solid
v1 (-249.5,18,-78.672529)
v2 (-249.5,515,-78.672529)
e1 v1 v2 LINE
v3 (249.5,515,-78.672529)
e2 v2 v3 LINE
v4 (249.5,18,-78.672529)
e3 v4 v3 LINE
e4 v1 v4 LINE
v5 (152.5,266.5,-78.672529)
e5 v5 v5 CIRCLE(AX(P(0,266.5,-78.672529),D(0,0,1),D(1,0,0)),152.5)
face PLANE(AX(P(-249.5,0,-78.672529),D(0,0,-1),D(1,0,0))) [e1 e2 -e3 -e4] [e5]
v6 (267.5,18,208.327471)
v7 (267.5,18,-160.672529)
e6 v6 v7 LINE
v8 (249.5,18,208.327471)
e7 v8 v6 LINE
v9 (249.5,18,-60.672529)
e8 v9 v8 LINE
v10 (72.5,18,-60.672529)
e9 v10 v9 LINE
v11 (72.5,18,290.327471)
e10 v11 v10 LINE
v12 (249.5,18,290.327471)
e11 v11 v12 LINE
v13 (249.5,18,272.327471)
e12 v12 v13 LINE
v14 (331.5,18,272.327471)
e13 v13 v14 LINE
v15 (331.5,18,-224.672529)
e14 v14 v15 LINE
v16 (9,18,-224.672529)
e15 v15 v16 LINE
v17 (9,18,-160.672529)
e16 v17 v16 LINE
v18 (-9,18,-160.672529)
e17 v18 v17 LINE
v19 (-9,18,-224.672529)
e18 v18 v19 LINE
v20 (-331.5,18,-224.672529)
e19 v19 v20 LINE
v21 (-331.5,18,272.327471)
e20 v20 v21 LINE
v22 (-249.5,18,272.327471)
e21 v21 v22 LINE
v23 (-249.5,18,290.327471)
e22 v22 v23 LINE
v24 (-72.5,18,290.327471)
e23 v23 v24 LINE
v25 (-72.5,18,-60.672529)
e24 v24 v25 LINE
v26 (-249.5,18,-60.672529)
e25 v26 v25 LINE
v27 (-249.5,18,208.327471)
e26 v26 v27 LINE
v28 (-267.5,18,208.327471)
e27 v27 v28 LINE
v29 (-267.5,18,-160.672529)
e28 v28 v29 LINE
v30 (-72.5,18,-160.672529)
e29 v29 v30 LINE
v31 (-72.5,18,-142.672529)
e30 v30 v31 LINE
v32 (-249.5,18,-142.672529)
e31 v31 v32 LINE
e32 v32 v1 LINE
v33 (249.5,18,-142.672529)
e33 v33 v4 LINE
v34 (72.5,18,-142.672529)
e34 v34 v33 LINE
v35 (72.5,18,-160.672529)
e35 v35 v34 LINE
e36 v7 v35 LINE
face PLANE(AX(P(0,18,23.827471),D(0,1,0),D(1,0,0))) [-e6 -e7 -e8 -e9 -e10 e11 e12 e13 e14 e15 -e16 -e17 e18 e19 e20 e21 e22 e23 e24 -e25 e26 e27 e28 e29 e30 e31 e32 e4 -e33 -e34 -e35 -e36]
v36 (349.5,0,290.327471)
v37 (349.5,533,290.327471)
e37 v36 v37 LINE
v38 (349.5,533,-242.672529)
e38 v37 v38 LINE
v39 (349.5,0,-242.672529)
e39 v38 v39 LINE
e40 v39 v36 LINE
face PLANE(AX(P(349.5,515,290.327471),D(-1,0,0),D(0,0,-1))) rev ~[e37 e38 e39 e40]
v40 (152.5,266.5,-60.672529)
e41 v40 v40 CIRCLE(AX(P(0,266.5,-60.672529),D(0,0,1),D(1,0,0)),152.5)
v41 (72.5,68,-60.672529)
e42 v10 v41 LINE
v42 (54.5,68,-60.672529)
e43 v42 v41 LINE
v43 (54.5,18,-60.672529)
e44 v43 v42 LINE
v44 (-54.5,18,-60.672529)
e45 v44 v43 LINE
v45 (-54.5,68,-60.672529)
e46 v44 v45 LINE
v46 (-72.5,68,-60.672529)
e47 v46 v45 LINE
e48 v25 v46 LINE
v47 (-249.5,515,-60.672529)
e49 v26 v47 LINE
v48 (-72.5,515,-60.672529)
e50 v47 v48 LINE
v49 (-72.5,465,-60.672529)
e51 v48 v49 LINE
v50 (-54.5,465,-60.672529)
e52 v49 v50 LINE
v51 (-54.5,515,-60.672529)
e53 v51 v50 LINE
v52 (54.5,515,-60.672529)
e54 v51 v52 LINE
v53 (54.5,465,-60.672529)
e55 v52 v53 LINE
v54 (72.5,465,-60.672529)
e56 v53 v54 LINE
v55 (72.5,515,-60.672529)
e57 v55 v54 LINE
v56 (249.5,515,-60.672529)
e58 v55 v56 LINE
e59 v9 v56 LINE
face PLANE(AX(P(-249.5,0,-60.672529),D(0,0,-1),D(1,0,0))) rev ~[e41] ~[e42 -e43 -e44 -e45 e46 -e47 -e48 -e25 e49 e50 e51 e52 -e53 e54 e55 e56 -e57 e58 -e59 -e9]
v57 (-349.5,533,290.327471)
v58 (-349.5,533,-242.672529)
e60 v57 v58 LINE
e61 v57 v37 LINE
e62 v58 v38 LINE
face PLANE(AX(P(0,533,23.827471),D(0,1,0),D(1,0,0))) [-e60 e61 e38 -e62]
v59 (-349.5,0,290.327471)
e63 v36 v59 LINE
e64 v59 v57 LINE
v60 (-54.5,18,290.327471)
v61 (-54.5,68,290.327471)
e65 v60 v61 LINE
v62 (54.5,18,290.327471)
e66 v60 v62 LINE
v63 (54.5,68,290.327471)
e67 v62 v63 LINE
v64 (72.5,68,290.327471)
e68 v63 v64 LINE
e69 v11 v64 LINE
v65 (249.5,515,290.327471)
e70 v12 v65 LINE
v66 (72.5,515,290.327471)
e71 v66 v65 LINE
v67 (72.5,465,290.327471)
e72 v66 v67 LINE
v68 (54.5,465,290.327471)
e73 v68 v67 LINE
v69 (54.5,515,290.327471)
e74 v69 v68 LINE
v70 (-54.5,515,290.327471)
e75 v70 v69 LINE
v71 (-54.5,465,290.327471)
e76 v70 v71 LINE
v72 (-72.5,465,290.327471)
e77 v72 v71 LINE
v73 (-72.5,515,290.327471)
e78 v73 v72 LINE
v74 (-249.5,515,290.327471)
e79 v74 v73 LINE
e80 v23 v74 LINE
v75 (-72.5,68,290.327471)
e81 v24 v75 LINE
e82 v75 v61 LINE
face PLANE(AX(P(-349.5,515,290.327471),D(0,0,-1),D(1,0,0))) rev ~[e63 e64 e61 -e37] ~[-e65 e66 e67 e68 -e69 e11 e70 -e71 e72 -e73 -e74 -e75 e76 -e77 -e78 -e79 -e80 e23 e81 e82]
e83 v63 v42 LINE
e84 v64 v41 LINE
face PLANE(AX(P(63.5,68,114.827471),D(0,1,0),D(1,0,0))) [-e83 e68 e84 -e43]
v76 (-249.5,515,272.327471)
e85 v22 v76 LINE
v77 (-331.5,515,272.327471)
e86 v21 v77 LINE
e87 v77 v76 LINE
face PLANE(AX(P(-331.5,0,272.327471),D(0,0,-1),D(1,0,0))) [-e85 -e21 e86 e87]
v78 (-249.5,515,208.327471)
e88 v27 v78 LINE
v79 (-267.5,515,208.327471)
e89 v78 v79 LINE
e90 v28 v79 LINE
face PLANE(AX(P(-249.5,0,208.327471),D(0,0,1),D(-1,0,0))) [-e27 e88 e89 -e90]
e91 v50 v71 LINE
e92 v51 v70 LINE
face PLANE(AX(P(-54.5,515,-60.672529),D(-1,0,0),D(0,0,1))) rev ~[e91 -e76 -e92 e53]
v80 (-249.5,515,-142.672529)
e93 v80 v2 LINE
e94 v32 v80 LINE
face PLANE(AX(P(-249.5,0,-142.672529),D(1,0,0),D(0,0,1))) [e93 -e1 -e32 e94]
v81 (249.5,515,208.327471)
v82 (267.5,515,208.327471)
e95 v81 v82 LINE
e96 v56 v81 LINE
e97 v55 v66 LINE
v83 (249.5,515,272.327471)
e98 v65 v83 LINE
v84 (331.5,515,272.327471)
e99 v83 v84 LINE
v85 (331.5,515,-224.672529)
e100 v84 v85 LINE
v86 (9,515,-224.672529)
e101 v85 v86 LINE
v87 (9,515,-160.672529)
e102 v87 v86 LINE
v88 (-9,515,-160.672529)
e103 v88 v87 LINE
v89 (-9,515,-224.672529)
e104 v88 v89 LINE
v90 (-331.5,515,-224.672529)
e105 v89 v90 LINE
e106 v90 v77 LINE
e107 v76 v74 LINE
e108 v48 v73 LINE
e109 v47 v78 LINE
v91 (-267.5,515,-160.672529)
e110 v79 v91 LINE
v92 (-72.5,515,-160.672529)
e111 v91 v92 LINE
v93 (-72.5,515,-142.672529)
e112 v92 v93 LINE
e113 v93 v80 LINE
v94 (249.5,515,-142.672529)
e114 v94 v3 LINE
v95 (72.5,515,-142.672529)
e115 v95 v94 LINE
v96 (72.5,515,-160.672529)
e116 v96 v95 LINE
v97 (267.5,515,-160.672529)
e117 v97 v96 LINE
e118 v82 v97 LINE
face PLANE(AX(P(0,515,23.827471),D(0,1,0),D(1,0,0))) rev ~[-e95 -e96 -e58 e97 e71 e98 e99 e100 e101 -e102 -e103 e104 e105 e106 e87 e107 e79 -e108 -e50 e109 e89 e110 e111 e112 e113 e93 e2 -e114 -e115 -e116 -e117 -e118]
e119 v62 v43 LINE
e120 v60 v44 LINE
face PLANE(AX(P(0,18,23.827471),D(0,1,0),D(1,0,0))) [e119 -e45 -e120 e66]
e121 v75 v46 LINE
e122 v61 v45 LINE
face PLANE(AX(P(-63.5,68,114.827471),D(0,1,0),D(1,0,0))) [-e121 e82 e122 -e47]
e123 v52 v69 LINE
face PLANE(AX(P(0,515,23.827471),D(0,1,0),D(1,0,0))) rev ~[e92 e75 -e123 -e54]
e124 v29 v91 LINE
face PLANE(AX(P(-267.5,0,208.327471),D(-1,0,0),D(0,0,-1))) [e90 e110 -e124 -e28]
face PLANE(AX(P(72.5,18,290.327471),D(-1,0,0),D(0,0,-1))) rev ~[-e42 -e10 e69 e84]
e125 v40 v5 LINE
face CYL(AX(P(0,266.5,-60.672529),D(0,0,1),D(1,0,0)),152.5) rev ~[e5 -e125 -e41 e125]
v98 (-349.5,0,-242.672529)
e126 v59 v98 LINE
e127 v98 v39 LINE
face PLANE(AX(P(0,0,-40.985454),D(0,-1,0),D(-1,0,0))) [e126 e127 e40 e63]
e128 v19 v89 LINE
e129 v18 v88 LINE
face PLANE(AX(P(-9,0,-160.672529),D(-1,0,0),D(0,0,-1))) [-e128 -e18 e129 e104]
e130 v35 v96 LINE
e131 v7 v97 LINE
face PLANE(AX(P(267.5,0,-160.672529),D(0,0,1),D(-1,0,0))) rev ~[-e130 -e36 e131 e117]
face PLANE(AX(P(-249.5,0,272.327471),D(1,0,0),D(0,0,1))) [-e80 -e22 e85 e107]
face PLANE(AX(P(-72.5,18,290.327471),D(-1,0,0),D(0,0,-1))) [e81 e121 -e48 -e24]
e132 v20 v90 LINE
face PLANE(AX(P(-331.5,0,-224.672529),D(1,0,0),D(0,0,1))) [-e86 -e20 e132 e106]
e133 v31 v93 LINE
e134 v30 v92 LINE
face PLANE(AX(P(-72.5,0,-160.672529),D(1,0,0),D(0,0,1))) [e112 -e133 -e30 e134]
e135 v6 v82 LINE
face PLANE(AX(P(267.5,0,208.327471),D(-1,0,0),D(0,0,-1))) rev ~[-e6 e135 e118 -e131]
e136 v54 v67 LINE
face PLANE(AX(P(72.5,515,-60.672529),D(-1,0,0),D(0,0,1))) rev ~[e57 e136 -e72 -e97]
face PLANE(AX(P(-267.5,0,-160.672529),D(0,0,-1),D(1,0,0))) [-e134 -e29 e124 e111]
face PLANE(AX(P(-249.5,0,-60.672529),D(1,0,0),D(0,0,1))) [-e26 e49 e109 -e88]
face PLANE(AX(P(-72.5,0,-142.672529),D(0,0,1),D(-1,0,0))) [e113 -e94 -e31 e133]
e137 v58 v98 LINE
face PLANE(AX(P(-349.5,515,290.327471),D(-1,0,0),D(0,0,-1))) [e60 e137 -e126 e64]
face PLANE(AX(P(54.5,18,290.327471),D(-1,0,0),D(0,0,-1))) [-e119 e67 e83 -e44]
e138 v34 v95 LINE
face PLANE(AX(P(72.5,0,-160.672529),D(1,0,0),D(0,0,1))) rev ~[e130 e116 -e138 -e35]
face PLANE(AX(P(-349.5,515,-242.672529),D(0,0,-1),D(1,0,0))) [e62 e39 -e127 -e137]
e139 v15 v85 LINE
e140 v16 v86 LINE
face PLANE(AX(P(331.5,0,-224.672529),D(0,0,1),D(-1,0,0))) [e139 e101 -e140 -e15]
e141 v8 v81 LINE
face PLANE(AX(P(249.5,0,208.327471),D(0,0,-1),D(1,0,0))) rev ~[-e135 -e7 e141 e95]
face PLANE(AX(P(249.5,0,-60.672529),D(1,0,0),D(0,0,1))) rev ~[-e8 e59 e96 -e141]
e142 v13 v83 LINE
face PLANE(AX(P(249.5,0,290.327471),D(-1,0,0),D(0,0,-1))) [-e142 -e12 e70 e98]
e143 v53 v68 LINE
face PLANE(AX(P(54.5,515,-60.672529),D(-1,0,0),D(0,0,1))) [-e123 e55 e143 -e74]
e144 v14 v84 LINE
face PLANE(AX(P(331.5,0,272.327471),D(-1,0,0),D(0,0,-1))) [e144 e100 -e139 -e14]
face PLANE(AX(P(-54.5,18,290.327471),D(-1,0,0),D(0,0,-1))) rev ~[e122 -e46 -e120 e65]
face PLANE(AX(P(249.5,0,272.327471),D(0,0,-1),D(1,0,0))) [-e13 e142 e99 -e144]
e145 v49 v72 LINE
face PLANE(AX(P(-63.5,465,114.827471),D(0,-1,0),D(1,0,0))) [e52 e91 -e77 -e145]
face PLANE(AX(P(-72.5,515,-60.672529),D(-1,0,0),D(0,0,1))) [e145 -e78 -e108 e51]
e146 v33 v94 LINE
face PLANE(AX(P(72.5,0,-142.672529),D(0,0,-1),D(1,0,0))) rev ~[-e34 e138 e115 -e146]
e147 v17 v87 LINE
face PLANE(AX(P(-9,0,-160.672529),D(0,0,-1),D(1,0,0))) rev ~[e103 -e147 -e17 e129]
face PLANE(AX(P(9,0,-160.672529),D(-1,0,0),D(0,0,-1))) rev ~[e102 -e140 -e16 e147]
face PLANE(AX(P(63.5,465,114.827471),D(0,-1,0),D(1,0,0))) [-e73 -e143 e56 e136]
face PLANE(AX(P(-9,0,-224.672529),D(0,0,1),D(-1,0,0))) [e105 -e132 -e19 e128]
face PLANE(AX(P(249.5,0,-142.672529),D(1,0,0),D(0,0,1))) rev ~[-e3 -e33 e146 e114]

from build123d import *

# Parameters (mm, degrees)
SKETCH1_W           = 499
SKETCH1_H           = 18
SKETCH1_W_2         = 18
SKETCH1_H_2         = 64
BOSS_EXTRUDE1_DEPTH = 515
SKETCH4_W           = 699
SKETCH4_H           = 533
BOSS_EXTRUDE2_DEPTH = 18
SKETCH5_W           = 699
SKETCH5_H           = 533
BOSS_EXTRUDE3_DEPTH = 18
SKETCH7_W           = 18
SKETCH7_H           = 351
BOSS_EXTRUDE4_DEPTH = 50
SKETCH8_W           = 18
SKETCH8_H           = 351
BOSS_EXTRUDE5_DEPTH = 50
SKETCH9_R           = 152.5
CUT_EXTRUDE1_DEPTH  = 50


with BuildPart() as part:
    # Sketch1 → Boss-Extrude1 (new body)
    with BuildSketch(Plane(origin=(0, 0, 0), x_dir=(1, 0, 0), z_dir=(0, 1, 0))):
        Polygon((249.5, -272.327471245), (331.5, -272.327471245), (331.5, 224.672528755), (-331.5, 224.672528755), (-331.5, -272.327471245), (-249.5, -272.327471245), (-249.5, -290.327471245), (-349.5, -290.327471245), (-349.5, 242.672528755), (349.5, 242.672528755), (349.5, -290.327471245), (249.5, -290.327471245), align=None)
        Polygon((249.5, -208.327471245), (267.5, -208.327471245), (267.5, 160.672528755), (72.5, 160.672528755), (72.5, 142.672528755), (249.5, 142.672528755), align=None)
        with Locations((0, 69.672528755)):
            Rectangle(SKETCH1_W, SKETCH1_H)
        with Locations((0, 192.672528755)):
            Rectangle(SKETCH1_W_2, SKETCH1_H_2)
        Polygon((-249.5, -208.327471245), (-267.5, -208.327471245), (-267.5, 160.672528755), (-72.5, 160.672528755), (-72.5, 142.672528755), (-249.5, 142.672528755), align=None)
    extrude(amount=BOSS_EXTRUDE1_DEPTH)

    # Sketch4 → Boss-Extrude2 (add)
    with BuildSketch(Plane(origin=(0, 0, 0), x_dir=(1, 0, 0), z_dir=(0, 1, 0))):
        with Locations((0, -23.827471245)):
            Rectangle(SKETCH4_W, SKETCH4_H)
    extrude(amount=BOSS_EXTRUDE2_DEPTH)

    # Sketch5 → Boss-Extrude3 (add)
    with BuildSketch(Plane(origin=(0, 515, 0), x_dir=(1, 0, 0), z_dir=(0, 1, 0))):
        with Locations((0, -23.827471245)):
            Rectangle(SKETCH5_W, SKETCH5_H)
    extrude(amount=BOSS_EXTRUDE3_DEPTH)

    # Sketch7 → Boss-Extrude4 (add)
    with BuildSketch(Plane(origin=(0, 18, 0), x_dir=(1, 0, 0), z_dir=(0, 1, 0))):
        with Locations((63.5, -114.827471245)):
            Rectangle(SKETCH7_W, SKETCH7_H)
        with Locations((-63.5, -114.827471245)):
            Rectangle(SKETCH7_W, SKETCH7_H)
    extrude(amount=BOSS_EXTRUDE4_DEPTH)

    # Sketch8 → Boss-Extrude5 (add)
    with BuildSketch(Plane.XZ.offset(-515)):
        with Locations((-63.5, 114.827471245)):
            Rectangle(SKETCH8_W, SKETCH8_H)
        with Locations((63.5, 114.827471245)):
            Rectangle(SKETCH8_W, SKETCH8_H)
    extrude(amount=BOSS_EXTRUDE5_DEPTH)

    # Sketch9 → Cut-Extrude1 (cut)
    with BuildSketch(Plane.XY.offset(-60.672528755)):
        with Locations((0, 266.5)):
            Circle(SKETCH9_R)
    extrude(amount=-CUT_EXTRUDE1_DEPTH, mode=Mode.SUBTRACT)


solid = part.part
